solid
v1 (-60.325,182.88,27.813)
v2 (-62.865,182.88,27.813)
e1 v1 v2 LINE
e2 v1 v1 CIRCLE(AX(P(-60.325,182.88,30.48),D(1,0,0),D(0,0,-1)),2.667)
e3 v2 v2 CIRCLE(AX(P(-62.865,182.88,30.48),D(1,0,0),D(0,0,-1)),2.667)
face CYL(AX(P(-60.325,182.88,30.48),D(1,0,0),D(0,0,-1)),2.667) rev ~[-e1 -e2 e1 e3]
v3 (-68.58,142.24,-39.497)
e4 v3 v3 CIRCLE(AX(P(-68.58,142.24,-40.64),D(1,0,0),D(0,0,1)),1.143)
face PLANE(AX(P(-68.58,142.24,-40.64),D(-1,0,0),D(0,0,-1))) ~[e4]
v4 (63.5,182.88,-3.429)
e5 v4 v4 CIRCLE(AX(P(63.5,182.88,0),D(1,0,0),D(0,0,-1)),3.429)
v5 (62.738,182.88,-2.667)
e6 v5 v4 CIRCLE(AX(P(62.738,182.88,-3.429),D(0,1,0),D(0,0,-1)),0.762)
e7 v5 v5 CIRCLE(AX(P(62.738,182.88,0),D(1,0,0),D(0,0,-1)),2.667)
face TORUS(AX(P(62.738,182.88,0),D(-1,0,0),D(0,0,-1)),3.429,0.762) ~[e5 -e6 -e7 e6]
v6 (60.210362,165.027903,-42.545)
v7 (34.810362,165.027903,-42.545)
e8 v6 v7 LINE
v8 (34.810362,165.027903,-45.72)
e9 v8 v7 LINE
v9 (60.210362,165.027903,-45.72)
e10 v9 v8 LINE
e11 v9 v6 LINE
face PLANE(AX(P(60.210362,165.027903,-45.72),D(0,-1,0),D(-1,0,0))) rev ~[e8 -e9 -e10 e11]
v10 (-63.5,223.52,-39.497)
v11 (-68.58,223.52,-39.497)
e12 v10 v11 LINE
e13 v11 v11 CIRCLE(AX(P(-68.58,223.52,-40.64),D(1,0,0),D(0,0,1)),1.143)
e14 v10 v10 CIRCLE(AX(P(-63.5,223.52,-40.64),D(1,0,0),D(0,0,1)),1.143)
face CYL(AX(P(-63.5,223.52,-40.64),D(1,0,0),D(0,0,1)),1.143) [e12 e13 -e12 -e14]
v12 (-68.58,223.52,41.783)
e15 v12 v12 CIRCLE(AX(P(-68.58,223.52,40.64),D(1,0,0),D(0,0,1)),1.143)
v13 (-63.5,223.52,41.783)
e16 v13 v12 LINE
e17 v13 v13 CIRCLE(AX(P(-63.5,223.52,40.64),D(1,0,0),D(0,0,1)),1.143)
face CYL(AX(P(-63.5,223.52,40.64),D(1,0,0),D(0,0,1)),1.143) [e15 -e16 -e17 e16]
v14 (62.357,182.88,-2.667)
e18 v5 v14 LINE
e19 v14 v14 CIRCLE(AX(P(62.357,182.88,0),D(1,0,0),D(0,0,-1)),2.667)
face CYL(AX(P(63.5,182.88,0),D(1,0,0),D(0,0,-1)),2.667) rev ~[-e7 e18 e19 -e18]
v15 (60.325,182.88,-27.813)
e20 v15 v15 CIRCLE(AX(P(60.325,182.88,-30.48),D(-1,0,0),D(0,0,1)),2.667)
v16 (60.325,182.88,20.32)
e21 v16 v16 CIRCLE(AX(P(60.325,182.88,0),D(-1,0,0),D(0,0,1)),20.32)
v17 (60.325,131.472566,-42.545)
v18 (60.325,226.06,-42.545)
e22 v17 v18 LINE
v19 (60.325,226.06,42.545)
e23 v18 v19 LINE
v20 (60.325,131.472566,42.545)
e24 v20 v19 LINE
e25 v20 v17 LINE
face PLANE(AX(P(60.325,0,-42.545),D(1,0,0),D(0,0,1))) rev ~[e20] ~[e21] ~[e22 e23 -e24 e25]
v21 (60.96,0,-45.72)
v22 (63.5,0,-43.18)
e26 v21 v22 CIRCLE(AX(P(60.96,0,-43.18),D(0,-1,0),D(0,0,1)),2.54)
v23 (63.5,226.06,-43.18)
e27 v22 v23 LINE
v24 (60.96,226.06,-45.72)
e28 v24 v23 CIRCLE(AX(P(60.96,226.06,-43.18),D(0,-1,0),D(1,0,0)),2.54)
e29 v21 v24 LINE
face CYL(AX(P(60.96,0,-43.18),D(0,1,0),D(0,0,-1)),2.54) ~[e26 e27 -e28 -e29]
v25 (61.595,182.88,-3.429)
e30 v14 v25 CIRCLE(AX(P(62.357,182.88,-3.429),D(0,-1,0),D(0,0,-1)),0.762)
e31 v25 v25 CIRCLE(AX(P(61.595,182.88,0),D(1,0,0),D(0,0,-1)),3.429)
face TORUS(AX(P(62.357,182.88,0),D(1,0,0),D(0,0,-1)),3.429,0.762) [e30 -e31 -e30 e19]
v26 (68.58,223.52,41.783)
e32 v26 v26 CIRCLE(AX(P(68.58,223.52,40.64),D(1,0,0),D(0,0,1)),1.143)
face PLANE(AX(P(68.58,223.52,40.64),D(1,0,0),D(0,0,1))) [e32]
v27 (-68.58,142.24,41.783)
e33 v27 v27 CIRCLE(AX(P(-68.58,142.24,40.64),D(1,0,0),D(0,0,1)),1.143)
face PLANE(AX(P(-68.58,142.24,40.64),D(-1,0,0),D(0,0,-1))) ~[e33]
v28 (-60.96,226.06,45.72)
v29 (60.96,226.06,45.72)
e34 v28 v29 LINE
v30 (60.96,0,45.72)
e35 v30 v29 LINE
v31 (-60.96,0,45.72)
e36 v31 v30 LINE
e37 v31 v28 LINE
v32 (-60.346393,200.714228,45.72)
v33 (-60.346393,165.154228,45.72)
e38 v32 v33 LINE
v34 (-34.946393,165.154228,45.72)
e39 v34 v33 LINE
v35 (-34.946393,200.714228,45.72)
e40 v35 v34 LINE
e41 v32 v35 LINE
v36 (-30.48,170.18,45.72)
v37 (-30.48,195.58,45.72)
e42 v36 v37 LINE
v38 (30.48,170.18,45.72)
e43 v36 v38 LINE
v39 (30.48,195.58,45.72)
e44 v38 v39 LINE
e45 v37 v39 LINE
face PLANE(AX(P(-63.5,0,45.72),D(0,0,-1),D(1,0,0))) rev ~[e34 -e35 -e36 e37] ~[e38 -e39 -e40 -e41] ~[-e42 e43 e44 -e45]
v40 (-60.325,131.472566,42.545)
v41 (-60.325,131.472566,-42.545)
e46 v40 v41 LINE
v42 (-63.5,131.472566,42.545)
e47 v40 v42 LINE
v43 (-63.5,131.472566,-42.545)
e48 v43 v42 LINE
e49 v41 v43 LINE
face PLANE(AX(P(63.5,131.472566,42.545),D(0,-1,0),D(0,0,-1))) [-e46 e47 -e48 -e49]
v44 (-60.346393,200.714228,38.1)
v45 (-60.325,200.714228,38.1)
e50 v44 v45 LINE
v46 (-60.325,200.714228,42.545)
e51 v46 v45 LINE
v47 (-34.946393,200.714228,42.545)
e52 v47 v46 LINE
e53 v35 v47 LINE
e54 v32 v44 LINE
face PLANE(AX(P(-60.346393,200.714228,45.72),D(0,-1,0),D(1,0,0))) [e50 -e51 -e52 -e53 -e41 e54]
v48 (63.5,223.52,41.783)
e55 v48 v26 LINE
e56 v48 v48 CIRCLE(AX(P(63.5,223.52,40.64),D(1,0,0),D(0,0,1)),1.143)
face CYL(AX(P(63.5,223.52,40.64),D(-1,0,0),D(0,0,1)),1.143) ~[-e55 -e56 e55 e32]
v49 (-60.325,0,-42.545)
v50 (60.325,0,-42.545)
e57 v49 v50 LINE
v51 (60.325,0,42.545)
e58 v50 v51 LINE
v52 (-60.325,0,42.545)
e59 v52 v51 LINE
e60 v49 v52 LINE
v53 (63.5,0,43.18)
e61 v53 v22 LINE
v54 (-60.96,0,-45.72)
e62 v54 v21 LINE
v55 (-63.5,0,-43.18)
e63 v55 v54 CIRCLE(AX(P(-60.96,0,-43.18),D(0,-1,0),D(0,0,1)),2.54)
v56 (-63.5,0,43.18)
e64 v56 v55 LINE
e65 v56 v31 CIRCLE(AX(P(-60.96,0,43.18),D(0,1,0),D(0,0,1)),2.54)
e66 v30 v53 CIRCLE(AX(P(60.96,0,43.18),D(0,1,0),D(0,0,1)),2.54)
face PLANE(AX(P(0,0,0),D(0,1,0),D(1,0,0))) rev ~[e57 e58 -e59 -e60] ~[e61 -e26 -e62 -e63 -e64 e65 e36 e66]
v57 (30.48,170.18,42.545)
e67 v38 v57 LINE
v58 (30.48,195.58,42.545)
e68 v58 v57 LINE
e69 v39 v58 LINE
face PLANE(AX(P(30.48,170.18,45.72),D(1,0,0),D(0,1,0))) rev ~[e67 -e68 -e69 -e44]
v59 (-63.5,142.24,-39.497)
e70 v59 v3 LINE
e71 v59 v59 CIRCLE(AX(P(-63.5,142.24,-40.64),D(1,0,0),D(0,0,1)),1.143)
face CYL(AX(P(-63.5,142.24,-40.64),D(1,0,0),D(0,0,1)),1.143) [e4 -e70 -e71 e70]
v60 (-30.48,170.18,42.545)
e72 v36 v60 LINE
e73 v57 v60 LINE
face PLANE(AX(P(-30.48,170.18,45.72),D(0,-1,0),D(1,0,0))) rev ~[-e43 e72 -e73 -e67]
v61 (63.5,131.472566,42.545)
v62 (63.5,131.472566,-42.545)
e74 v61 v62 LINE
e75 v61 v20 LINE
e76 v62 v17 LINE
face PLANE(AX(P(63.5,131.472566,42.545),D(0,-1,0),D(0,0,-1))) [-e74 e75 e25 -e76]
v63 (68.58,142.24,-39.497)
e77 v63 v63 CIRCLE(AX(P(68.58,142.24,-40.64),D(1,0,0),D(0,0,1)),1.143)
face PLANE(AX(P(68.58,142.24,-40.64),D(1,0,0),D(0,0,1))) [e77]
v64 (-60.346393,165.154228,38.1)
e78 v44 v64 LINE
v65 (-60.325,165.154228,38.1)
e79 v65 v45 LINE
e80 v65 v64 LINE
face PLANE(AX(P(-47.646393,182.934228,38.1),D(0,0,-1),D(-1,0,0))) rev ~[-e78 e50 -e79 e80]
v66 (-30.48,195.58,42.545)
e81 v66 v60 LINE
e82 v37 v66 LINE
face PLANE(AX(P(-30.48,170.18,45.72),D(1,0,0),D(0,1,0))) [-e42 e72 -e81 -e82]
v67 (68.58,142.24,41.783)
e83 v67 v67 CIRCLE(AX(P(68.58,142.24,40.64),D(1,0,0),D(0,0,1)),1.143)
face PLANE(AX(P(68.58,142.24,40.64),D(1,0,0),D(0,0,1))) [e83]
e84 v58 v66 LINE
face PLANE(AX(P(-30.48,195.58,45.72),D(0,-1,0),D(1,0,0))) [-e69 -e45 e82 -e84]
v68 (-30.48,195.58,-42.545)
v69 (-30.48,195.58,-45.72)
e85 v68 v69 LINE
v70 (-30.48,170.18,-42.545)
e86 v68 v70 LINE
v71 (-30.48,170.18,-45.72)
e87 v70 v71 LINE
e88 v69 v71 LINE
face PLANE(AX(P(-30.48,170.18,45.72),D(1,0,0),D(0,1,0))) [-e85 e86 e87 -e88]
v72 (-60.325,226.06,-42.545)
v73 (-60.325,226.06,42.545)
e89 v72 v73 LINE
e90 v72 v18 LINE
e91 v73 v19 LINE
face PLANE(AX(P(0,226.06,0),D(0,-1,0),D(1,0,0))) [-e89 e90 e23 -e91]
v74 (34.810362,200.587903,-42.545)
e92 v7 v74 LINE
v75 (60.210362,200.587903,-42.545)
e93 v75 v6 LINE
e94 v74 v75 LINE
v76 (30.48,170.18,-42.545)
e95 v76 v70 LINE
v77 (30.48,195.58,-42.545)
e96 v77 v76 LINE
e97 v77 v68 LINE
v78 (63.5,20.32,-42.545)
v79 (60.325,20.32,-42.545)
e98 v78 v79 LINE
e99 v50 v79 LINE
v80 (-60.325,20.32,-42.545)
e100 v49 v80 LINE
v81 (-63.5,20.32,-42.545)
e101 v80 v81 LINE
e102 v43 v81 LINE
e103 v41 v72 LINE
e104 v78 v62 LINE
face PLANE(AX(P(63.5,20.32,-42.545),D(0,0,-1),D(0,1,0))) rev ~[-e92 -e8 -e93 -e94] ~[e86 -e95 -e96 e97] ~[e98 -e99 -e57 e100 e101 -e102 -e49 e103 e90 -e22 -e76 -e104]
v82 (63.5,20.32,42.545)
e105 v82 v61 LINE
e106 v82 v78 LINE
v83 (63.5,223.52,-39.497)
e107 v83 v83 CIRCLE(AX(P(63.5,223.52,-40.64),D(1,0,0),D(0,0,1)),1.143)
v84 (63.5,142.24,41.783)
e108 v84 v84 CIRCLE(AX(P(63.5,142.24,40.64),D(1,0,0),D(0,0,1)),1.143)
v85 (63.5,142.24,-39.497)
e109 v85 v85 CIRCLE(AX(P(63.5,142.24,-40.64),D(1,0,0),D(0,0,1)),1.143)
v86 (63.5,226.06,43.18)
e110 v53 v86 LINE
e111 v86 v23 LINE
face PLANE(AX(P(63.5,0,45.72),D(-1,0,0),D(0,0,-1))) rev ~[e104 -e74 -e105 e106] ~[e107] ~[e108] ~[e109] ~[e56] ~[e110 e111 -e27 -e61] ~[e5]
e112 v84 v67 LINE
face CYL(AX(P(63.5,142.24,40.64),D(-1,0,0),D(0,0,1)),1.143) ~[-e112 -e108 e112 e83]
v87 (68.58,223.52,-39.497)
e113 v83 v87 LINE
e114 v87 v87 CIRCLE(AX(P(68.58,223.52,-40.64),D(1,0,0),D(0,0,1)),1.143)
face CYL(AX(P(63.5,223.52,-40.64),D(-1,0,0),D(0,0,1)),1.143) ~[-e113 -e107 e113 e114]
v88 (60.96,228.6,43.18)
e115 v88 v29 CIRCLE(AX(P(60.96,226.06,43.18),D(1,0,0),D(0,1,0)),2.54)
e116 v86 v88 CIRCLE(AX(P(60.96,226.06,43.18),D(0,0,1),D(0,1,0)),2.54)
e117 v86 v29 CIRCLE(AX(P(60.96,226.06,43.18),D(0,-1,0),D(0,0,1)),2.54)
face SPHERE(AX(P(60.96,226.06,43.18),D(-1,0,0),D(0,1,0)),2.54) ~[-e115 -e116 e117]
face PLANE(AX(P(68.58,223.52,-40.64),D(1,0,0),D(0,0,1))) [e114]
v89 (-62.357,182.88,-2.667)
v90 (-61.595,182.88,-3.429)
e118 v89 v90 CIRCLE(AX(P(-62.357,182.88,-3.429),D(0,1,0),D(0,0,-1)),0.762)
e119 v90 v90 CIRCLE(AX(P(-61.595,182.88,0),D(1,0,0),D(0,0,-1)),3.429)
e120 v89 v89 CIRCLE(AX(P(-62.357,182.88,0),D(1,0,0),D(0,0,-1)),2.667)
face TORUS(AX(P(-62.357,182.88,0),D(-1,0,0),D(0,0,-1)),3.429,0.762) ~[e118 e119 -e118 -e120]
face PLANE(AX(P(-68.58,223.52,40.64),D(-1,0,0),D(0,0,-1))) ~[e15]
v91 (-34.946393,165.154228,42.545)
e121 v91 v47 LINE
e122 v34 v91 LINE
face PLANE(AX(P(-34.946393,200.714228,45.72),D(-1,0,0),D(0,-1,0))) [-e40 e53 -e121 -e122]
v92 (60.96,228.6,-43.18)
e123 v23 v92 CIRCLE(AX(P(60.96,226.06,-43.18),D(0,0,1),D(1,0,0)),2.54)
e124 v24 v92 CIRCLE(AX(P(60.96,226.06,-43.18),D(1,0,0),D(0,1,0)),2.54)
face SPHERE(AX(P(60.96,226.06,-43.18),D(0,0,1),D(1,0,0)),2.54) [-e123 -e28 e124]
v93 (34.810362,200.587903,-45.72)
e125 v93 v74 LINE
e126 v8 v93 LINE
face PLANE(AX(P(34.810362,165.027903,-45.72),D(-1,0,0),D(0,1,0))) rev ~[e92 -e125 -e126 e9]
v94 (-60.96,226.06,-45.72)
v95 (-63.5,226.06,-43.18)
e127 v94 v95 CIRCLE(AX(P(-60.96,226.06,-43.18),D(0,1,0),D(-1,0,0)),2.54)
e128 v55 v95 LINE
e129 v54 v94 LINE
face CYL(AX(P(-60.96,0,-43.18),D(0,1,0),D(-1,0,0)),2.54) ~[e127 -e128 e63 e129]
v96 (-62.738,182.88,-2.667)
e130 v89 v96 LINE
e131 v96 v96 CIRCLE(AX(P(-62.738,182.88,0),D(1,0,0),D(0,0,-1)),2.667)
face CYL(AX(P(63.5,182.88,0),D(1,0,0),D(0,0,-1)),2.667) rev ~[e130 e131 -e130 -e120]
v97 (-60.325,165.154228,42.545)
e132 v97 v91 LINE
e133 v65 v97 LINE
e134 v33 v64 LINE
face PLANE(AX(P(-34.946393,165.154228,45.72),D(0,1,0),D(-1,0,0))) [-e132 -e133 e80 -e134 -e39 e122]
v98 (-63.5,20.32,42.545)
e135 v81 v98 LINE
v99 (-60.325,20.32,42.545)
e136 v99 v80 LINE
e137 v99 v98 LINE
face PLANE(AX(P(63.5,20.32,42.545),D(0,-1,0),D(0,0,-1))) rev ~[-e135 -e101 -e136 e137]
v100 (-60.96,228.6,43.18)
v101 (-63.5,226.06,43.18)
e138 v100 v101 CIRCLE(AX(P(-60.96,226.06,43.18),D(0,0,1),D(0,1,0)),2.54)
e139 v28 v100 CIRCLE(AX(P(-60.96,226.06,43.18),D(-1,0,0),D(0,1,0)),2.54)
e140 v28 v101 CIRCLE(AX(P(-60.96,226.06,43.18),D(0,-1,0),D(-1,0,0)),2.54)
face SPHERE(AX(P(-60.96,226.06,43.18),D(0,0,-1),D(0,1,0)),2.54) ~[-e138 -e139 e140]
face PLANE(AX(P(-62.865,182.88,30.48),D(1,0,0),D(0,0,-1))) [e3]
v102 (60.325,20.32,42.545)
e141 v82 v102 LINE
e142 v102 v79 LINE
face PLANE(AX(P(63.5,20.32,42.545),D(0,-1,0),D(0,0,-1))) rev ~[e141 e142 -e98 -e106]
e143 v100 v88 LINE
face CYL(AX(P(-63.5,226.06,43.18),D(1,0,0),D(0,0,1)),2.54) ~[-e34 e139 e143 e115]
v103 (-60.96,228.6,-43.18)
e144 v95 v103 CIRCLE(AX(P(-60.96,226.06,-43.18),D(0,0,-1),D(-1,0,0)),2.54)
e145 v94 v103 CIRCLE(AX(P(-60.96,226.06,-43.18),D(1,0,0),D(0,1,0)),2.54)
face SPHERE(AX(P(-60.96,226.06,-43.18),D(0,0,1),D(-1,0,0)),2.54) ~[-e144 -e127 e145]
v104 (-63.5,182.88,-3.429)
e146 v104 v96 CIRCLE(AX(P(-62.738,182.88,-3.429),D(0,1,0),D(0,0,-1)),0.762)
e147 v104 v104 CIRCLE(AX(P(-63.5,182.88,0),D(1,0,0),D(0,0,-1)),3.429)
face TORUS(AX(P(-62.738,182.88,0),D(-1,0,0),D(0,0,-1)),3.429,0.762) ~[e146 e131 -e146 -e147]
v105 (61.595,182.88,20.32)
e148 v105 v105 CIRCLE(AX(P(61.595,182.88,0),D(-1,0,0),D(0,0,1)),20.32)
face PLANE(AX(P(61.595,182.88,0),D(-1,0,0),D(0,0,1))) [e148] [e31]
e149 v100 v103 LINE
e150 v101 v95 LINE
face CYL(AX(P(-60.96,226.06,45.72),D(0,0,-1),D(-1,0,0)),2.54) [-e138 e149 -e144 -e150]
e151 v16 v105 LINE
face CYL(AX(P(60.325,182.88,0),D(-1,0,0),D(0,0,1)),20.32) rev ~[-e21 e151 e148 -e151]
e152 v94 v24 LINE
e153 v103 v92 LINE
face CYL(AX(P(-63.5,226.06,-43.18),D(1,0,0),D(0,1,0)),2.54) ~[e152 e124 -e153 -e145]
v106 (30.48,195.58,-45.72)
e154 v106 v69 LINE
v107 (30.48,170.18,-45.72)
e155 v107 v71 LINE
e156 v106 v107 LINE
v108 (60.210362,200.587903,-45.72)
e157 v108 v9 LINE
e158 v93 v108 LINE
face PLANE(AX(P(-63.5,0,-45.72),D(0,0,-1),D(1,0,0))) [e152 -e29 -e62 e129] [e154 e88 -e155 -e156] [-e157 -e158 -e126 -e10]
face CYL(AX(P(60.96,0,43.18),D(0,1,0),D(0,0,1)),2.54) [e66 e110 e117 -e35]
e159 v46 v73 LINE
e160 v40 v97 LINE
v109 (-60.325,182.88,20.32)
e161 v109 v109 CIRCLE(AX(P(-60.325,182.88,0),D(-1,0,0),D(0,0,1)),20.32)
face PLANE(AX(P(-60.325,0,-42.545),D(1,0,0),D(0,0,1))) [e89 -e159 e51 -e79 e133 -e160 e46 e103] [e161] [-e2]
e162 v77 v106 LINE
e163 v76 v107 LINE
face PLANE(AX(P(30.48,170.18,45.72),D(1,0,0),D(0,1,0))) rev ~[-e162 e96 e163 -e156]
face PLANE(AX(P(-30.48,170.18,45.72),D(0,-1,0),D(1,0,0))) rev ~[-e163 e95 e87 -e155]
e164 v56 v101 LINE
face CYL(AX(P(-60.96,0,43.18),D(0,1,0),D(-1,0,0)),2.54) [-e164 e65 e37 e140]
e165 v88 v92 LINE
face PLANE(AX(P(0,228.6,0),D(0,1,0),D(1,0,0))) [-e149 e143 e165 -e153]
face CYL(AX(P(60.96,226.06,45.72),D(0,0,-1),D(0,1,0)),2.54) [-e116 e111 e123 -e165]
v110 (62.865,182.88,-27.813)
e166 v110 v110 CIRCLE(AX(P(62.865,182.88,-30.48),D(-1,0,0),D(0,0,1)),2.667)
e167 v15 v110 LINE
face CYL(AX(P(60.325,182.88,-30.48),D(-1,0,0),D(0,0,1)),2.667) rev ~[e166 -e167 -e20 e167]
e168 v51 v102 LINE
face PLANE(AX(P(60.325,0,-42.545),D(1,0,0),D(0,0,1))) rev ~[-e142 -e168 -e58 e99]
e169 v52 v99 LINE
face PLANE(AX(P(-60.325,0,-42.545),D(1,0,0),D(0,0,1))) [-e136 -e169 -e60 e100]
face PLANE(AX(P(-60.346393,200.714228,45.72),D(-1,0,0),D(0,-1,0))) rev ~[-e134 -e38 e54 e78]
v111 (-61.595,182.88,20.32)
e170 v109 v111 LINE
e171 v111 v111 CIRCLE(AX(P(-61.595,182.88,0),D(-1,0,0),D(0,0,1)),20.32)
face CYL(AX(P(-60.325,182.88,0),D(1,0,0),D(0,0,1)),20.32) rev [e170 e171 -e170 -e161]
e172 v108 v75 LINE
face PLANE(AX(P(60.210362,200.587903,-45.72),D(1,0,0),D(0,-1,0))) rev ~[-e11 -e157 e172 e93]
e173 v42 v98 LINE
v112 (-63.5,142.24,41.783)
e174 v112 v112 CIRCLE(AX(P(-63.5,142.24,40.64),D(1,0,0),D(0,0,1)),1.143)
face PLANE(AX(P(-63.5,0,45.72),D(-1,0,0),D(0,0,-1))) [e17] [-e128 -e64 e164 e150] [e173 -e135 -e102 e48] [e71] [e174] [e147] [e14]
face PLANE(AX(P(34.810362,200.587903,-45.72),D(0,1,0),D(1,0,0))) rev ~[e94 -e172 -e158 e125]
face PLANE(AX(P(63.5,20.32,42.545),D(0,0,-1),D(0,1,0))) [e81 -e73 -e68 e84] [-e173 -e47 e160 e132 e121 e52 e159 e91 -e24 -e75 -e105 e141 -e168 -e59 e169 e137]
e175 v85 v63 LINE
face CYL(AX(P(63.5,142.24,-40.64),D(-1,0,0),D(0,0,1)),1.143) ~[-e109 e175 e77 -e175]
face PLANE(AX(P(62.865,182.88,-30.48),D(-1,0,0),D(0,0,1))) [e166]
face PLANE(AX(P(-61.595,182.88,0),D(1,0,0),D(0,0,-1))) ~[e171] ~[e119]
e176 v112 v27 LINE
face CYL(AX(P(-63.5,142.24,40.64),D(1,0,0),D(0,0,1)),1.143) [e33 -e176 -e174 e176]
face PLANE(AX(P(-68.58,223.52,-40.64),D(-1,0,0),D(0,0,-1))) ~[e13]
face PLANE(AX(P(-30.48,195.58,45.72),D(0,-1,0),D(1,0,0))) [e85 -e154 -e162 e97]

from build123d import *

# Parameters (mm, degrees)
SKETCH1_W           = 127
SKETCH1_H           = 91.44
BOSS_EXTRUDE1_DEPTH = 228.6
SKETCH3_W           = 120.65
SKETCH3_H           = 85.09
CUT_EXTRUDE1_DEPTH  = 226.06
SKETCH2_R           = 2.667
CUT_EXTRUDE2_DEPTH  = 266.475570251
SKETCH4_R           = 1.143
BOSS_EXTRUDE3_DEPTH = 5.08
SKETCH5_R           = 20.32
CUT_EXTRUDE3_DEPTH  = 1.27
FILLET1_R           = 0.762
FILLET2_R           = 0.762
FILLET3_R           = 0.762
SKETCH6_W           = 60.96
SKETCH6_H           = 25.4
CUT_EXTRUDE4_DEPTH  = 256.582569828
FILLET4_R           = 2.54
SKETCH7_W           = 85.09
SKETCH7_H           = 111.152565629
CUT_EXTRUDE5_DEPTH  = 268.942913323
SKETCH10_R          = 2.667
CUT_EXTRUDE6_DEPTH  = 2.54
CUT_EXTRUDE7_DEPTH  = 7.62
SKETCH13_R          = 2.667
CUT_EXTRUDE8_DEPTH  = 2.54
CUT_EXTRUDE9_DEPTH  = 7.62


with BuildPart() as part:
    # Sketch1 → Boss-Extrude1 (new body)
    with BuildSketch(Plane(origin=(0, 0, 0), x_dir=(1, 0, 0), z_dir=(0, 1, 0))):
        Rectangle(SKETCH1_W, SKETCH1_H)
    extrude(amount=BOSS_EXTRUDE1_DEPTH)

    # Sketch3 → Cut-Extrude1 (cut)
    with BuildSketch(Plane.XZ):
        Rectangle(SKETCH3_W, SKETCH3_H)
    extrude(amount=-CUT_EXTRUDE1_DEPTH, mode=Mode.SUBTRACT)

    # Sketch2 → Cut-Extrude2 (cut, through all)
    with BuildSketch(Plane(origin=(63.5, 0, 0), x_dir=(0, 0, -1), z_dir=(1, 0, 0))):
        with Locations((0, 182.88)):
            Circle(SKETCH2_R)
    extrude(amount=-CUT_EXTRUDE2_DEPTH, mode=Mode.SUBTRACT)

    # Sketch4 → Boss-Extrude3 (add)
    with BuildSketch(Plane(origin=(63.5, 0, 0), x_dir=(0, 0, -1), z_dir=(1, 0, 0))):
        with Locations(Location((-40.64, 223.52, 0), (0, 0, 180))):
            Circle(SKETCH4_R)
        with Locations(Location((40.64, 223.52, 0), (0, 0, 180))):
            Circle(SKETCH4_R)
        with Locations(Location((40.64, 142.24, 0), (0, 0, 180))):
            Circle(SKETCH4_R)
        with Locations(Location((-40.64, 142.24, 0), (0, 0, 180))):
            Circle(SKETCH4_R)
    boss_extrude3 = extrude(amount=BOSS_EXTRUDE3_DEPTH)

    # Sketch5 → Cut-Extrude3 (cut)
    with BuildSketch(Plane.ZY.offset(-60.325)):
        with Locations((0, 182.88)):
            Circle(SKETCH5_R)
    cut_extrude3 = extrude(amount=-CUT_EXTRUDE3_DEPTH, mode=Mode.SUBTRACT)

    # Fillet1
    fillet1_edges = [part.edges().sort_by_distance(p)[0] for p in [
        (61.595, 182.88, 2.667),
    ]]
    fillet(fillet1_edges, radius=FILLET1_R)

    # Fillet2
    fillet2_edges = [part.edges().sort_by_distance(p)[0] for p in [
        (63.5, 182.88, 2.667),
    ]]
    fillet(fillet2_edges, radius=FILLET2_R)

    # Mirror2: Boss-Extrude3, Cut-Extrude3 across plane
    add(boss_extrude3.mirror(Plane(origin=(0, 0, 0), x_dir=(0, 0, 1), z_dir=(1, 0, 0))))
    add(cut_extrude3.mirror(Plane(origin=(0, 0, 0), x_dir=(0, 0, 1), z_dir=(1, 0, 0))), mode=Mode.SUBTRACT)

    # Fillet3
    fillet3_edges = [part.edges().sort_by_distance(p)[0] for p in [
        (-63.5, 182.88, 2.667),
        (-61.595, 182.88, 2.667),
    ]]
    fillet(fillet3_edges, radius=FILLET3_R)

    # Sketch6 → Cut-Extrude4 (cut, through all)
    with BuildSketch(Plane.XY.offset(45.72)):
        with Locations((0, 182.88)):
            Rectangle(SKETCH6_W, SKETCH6_H)
    extrude(amount=-CUT_EXTRUDE4_DEPTH, mode=Mode.SUBTRACT)

    # Fillet4
    fillet4_edges = [part.edges().sort_by_distance(p)[0] for p in [
        (-63.5, 228.6, 0),
        (0, 228.6, 45.72),
        (63.5, 228.6, 0),
        (63.5, 114.3, 45.72),
        (-63.5, 114.3, 45.72),
        (-63.5, 114.3, -45.72),
        (63.5, 114.3, -45.72),
        (0, 228.6, -45.72),
    ]]
    fillet(fillet4_edges, radius=FILLET4_R)

    # Sketch7 → Cut-Extrude5 (cut, through all)
    with BuildSketch(Plane(origin=(63.5, 0, 0), x_dir=(0, 0, -1), z_dir=(1, 0, 0))):
        with Locations((0, 75.896282814)):
            Rectangle(SKETCH7_W, SKETCH7_H)
    extrude(amount=-CUT_EXTRUDE5_DEPTH, mode=Mode.SUBTRACT)

    # Sketch10 → Cut-Extrude6 (cut)
    with BuildSketch(Plane.ZY.offset(-60.325)):
        with Locations((-30.48, 182.88)):
            Circle(SKETCH10_R)
    extrude(amount=-CUT_EXTRUDE6_DEPTH, mode=Mode.SUBTRACT)

    # Sketch12 → Cut-Extrude7 (cut)
    with BuildSketch(Plane(origin=(0, 0, -45.72), x_dir=(-1, 0, 0), z_dir=(0, 0, -1))):
        Polygon((-34.810362372, 182.807903476), (-34.810362372, 200.587903476), (-60.210362372, 200.587903476), (-60.210362372, 182.807903476), (-60.210362372, 165.027903476), (-34.810362372, 165.027903476), align=None)
    extrude(amount=-CUT_EXTRUDE7_DEPTH, mode=Mode.SUBTRACT)

    # Sketch13 → Cut-Extrude8 (cut)
    with BuildSketch(Plane(origin=(-60.325, 0, 0), x_dir=(0, 0, -1), z_dir=(1, 0, 0))):
        with Locations((-30.48, 182.88)):
            Circle(SKETCH13_R)
    extrude(amount=-CUT_EXTRUDE8_DEPTH, mode=Mode.SUBTRACT)

    # Sketch16 → Cut-Extrude9 (cut)
    with BuildSketch(Plane.XY.offset(45.72)):
        Polygon((-60.34639287, 182.934228321), (-60.34639287, 200.714228321), (-34.94639287, 200.714228321), (-34.94639287, 165.154228321), (-60.34639287, 165.154228321), align=None)
    extrude(amount=-CUT_EXTRUDE9_DEPTH, mode=Mode.SUBTRACT)


solid = part.part
